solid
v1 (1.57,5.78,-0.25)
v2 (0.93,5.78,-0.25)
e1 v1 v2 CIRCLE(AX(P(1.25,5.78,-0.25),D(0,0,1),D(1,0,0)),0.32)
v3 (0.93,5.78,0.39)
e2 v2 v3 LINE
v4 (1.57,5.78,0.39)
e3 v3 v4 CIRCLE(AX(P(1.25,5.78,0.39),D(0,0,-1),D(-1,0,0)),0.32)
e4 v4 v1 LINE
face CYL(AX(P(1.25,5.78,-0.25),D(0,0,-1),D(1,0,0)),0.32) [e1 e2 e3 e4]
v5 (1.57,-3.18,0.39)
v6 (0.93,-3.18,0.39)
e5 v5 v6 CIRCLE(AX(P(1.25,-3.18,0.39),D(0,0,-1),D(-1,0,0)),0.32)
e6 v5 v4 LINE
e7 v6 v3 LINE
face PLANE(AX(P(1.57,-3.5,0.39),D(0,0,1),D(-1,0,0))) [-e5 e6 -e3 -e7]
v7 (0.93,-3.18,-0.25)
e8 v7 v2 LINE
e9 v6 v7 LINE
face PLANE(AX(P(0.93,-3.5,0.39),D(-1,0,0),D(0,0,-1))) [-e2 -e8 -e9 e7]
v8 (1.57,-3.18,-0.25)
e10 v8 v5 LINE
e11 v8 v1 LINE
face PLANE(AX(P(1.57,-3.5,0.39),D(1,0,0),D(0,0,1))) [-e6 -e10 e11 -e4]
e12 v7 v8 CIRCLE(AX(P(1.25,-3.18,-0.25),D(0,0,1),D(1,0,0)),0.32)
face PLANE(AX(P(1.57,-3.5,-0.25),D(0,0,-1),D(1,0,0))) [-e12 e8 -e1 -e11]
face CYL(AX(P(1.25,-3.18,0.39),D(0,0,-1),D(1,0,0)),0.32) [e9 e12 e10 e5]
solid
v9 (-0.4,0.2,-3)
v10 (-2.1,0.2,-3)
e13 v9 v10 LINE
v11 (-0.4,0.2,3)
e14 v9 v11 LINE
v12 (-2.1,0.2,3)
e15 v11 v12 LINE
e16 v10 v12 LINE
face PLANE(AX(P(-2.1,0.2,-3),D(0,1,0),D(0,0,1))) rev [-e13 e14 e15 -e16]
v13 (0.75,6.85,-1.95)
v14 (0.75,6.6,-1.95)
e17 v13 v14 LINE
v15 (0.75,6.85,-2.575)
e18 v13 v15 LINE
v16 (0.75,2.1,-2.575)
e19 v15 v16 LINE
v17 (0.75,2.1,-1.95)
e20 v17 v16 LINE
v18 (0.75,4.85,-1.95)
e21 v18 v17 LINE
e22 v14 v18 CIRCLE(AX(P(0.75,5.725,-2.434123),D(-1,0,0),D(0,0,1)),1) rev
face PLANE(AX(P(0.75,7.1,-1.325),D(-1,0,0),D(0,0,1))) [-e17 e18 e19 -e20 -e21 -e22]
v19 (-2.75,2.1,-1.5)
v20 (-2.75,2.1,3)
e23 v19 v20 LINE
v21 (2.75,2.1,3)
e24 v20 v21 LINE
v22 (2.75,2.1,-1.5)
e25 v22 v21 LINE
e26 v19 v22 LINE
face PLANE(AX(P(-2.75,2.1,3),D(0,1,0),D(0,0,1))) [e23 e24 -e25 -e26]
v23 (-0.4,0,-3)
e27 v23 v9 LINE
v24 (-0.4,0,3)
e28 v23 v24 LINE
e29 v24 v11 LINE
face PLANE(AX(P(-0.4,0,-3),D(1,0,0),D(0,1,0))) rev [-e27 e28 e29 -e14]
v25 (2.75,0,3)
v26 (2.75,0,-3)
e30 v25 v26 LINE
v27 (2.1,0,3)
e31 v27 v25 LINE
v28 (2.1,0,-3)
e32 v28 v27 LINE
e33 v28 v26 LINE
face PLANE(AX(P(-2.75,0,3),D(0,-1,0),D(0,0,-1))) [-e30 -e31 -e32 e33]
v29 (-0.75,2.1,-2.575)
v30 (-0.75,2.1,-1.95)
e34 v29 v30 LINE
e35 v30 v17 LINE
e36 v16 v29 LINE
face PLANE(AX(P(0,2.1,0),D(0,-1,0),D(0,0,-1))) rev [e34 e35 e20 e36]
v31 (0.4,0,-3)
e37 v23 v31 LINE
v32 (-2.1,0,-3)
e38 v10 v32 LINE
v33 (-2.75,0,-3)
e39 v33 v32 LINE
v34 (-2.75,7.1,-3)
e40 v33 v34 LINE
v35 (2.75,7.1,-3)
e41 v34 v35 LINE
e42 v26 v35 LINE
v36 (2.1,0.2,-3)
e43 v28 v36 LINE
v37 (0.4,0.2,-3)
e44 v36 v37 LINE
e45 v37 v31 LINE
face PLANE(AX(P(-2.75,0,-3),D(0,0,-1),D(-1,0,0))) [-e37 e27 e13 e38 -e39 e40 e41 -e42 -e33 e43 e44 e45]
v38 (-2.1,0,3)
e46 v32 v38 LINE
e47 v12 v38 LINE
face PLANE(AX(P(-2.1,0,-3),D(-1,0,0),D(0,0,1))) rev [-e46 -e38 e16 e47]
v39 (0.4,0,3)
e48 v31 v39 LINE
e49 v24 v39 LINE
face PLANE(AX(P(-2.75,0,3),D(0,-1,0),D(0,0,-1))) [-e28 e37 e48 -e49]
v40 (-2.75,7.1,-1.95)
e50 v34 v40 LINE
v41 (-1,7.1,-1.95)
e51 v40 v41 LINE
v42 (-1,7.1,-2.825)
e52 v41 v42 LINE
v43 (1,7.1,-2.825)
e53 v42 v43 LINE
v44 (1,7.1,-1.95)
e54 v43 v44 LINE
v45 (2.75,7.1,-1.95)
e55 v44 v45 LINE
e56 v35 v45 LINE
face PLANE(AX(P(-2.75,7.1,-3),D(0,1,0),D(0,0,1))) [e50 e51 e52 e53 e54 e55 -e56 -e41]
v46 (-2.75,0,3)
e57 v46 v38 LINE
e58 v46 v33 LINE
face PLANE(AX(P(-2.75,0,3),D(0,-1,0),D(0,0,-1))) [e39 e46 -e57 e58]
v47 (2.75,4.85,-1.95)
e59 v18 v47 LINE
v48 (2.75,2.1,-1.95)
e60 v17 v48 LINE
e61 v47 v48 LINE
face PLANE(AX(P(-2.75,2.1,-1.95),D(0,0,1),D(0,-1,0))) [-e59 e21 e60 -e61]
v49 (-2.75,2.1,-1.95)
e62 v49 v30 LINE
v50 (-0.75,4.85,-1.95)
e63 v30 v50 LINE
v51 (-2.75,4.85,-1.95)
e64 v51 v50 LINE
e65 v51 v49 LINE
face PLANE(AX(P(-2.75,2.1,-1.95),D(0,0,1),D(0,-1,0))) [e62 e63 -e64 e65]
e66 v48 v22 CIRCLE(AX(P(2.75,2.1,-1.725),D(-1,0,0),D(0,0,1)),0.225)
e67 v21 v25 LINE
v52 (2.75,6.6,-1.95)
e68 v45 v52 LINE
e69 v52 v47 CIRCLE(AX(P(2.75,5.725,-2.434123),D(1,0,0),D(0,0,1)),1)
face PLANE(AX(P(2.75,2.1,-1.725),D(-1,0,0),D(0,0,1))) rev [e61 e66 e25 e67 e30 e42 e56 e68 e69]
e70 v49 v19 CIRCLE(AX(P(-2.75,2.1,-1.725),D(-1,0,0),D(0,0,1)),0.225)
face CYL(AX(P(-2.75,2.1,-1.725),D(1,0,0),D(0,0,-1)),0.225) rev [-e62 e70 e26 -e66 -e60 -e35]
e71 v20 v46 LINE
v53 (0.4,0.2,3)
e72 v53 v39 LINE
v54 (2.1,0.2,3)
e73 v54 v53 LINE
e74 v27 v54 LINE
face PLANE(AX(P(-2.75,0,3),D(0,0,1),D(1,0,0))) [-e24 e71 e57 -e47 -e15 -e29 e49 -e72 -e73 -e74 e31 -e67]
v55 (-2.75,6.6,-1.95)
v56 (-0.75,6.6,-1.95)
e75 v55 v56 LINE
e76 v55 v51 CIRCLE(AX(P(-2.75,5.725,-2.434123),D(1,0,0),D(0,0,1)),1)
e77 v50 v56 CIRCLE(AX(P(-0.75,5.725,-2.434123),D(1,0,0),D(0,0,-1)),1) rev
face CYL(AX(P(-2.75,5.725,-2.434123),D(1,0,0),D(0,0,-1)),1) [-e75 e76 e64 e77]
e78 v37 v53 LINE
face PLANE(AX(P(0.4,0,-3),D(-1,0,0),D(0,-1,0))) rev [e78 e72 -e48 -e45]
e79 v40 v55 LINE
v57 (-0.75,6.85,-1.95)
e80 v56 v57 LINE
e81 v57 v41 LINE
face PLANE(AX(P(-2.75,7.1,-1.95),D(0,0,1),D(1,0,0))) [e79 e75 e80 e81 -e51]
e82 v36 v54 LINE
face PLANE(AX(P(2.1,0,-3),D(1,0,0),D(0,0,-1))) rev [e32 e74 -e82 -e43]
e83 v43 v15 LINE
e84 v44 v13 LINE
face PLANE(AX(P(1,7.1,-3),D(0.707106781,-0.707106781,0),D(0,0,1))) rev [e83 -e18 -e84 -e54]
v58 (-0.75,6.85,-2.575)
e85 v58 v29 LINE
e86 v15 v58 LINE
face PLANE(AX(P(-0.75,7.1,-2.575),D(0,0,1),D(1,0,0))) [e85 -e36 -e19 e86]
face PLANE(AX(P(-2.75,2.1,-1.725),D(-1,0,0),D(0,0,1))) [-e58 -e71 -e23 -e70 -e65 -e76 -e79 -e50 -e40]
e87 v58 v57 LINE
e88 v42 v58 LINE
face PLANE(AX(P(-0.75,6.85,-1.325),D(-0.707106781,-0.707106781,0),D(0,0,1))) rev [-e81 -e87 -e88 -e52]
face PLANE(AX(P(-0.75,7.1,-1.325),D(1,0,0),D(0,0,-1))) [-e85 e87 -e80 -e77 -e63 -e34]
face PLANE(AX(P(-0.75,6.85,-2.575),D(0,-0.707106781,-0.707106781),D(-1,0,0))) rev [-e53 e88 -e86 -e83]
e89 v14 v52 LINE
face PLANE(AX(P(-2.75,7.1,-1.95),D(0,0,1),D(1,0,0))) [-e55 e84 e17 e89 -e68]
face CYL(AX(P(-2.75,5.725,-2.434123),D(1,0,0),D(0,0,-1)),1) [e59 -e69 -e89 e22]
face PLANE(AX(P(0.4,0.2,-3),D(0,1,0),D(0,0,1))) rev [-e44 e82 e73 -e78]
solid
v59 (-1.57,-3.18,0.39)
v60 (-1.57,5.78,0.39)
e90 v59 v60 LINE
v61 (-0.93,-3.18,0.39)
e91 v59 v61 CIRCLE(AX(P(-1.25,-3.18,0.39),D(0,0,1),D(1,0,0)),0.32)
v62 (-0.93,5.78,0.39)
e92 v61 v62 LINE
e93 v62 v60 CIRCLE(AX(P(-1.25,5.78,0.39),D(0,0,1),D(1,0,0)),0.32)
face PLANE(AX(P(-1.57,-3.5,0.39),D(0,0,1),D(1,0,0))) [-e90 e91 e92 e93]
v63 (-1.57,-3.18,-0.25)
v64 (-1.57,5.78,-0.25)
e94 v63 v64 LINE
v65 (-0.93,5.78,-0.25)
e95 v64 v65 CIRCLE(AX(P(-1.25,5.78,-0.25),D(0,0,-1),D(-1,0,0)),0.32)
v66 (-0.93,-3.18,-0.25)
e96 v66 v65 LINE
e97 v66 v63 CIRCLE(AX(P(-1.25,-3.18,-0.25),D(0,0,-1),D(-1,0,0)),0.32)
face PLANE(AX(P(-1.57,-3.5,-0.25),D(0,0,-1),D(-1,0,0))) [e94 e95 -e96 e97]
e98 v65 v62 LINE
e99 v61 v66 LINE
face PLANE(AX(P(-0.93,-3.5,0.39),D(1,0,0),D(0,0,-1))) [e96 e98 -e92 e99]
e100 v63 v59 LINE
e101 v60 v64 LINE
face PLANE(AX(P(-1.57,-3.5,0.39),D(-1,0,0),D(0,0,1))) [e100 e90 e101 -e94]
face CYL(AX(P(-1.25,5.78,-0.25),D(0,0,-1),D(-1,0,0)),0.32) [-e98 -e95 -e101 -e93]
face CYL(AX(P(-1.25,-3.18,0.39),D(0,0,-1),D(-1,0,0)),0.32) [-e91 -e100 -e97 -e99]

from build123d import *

# Parameters (mm, degrees)
BOSS_EXTRUDE1_DEPTH      = 2.75
BOSS_EXTRUDE1_DEPTH_BACK = 2.75
SKETCH2_W                = 1.5
SKETCH2_H                = 1.25
CUT_EXTRUDE1_DEPTH       = 7.446898479
CHAMFER1_SIZE            = 0.25
SKETCH3_W                = 1.7
SKETCH3_H                = 0.2
CUT_EXTRUDE2_DEPTH       = 10.693941407
BOSS_EXTRUDE2_DEPTH      = 4
BOSS_EXTRUDE2_DEPTH_BACK = 5.6
SKETCH4_W                = 0.64
SKETCH4_H                = 0.64
FILLET1_RADIUS           = 0.32
FILLET1_LENGTH           = 0.64
FILLET2_RADIUS           = 0.32
FILLET2_LENGTH           = 0.64


with BuildPart() as part:
    # Sketch1 → Boss-Extrude1 (new, two sides: drawn at the far end of the back side and taken through both)
    with BuildSketch(Plane(origin=(0, 0, 0), x_dir=(0, 0, -1), z_dir=(1, 0, 0)).offset(-BOSS_EXTRUDE1_DEPTH_BACK)):
        with BuildLine():
            Line((-3, 0), (3, 0))
            Line((3, 0), (3, 7.1))
            Line((3, 7.1), (1.95, 7.1))
            Line((1.95, 7.1), (1.95, 6.6))
            ThreePointArc((1.95, 6.6), (1.434122918, 5.725), (1.95, 4.85))
            Line((1.95, 4.85), (1.95, 2.1))
            ThreePointArc((1.95, 2.1), (1.725, 1.875), (1.5, 2.1))
            Line((1.5, 2.1), (-3, 2.1))
            Line((-3, 2.1), (-3, 0))
        make_face()
    extrude(amount=BOSS_EXTRUDE1_DEPTH + BOSS_EXTRUDE1_DEPTH_BACK)

    # Sketch2 → Cut-Extrude1 (cut, through all)
    with BuildSketch(Plane(origin=(0, 2.1, 0), x_dir=(1, 0, 0), z_dir=(0, 1, 0))):
        with Locations((0, 1.95)):
            Rectangle(SKETCH2_W, SKETCH2_H)
    extrude(amount=CUT_EXTRUDE1_DEPTH, mode=Mode.SUBTRACT)

    # Chamfer1
    chamfer1_edges = [part.edges().sort_by_distance(p)[0] for p in [
        (0.75, 7.1, -2.2625),
        (-0.75, 7.1, -2.2625),
        (0, 7.1, -2.575),
    ]]
    chamfer(chamfer1_edges, length=CHAMFER1_SIZE)

    # Sketch3 → Cut-Extrude2 (cut, through all)
    with BuildSketch(Plane.XY.offset(3)):
        with Locations((-1.25, 0.1)):
            Rectangle(SKETCH3_W, SKETCH3_H)
        with Locations((1.25, 0.1)):
            Rectangle(SKETCH3_W, SKETCH3_H)
    extrude(amount=-CUT_EXTRUDE2_DEPTH, mode=Mode.SUBTRACT)


with BuildPart() as body_2:
    # Sketch4 → Boss-Extrude2 (new, two sides: drawn at the far end of the back side and taken through both)
    with BuildSketch(Plane(origin=(0, 2.1, 0), x_dir=(1, 0, 0), z_dir=(0, 1, 0)).offset(-BOSS_EXTRUDE2_DEPTH_BACK)):
        with Locations((-1.25, -0.07)):
            Rectangle(SKETCH4_W, SKETCH4_H)
    extrude(amount=BOSS_EXTRUDE2_DEPTH + BOSS_EXTRUDE2_DEPTH_BACK)

    # Fillet1: full round fillet: the end face becomes a half cylinder, R = half its width
    fillet1_face = Plane((-1.25, 6.1, 0.07), x_dir=(0, 0, -1), z_dir=(0, 1, 0))  # on the end face: x along it, z out of the body
    fillet1_slab = fillet1_face.offset(-FILLET1_RADIUS / 2) * Box(FILLET1_LENGTH, 2 * FILLET1_RADIUS, FILLET1_RADIUS, mode=Mode.PRIVATE)  # the body's end, R deep
    fillet1_round = Plane((-1.25, 5.78, 0.07), x_dir=(0, 1, 0), z_dir=(0, 0, -1)) * Cylinder(FILLET1_RADIUS, FILLET1_LENGTH, mode=Mode.PRIVATE)  # its axis R under the face
    add(fillet1_slab - fillet1_round, mode=Mode.SUBTRACT)

    # Fillet2: full round fillet: the end face becomes a half cylinder, R = half its width
    fillet2_face = Plane((-1.25, -3.5, 0.07), x_dir=(0, 0, -1), z_dir=(0, -1, 0))  # on the end face: x along it, z out of the body
    fillet2_slab = fillet2_face.offset(-FILLET2_RADIUS / 2) * Box(FILLET2_LENGTH, 2 * FILLET2_RADIUS, FILLET2_RADIUS, mode=Mode.PRIVATE)  # the body's end, R deep
    fillet2_round = Plane((-1.25, -3.18, 0.07), x_dir=(0, -1, 0), z_dir=(0, 0, -1)) * Cylinder(FILLET2_RADIUS, FILLET2_LENGTH, mode=Mode.PRIVATE)  # its axis R under the face
    add(fillet2_slab - fillet2_round, mode=Mode.SUBTRACT)


with BuildPart() as body_3:
    # Mirror1: mirrored copy
    add(body_2.part.mirror(Plane(origin=(0, 0, 0), x_dir=(0, 0, 1), z_dir=(1, 0, 0))))


solid = Compound([part.part, body_2.part, body_3.part])
